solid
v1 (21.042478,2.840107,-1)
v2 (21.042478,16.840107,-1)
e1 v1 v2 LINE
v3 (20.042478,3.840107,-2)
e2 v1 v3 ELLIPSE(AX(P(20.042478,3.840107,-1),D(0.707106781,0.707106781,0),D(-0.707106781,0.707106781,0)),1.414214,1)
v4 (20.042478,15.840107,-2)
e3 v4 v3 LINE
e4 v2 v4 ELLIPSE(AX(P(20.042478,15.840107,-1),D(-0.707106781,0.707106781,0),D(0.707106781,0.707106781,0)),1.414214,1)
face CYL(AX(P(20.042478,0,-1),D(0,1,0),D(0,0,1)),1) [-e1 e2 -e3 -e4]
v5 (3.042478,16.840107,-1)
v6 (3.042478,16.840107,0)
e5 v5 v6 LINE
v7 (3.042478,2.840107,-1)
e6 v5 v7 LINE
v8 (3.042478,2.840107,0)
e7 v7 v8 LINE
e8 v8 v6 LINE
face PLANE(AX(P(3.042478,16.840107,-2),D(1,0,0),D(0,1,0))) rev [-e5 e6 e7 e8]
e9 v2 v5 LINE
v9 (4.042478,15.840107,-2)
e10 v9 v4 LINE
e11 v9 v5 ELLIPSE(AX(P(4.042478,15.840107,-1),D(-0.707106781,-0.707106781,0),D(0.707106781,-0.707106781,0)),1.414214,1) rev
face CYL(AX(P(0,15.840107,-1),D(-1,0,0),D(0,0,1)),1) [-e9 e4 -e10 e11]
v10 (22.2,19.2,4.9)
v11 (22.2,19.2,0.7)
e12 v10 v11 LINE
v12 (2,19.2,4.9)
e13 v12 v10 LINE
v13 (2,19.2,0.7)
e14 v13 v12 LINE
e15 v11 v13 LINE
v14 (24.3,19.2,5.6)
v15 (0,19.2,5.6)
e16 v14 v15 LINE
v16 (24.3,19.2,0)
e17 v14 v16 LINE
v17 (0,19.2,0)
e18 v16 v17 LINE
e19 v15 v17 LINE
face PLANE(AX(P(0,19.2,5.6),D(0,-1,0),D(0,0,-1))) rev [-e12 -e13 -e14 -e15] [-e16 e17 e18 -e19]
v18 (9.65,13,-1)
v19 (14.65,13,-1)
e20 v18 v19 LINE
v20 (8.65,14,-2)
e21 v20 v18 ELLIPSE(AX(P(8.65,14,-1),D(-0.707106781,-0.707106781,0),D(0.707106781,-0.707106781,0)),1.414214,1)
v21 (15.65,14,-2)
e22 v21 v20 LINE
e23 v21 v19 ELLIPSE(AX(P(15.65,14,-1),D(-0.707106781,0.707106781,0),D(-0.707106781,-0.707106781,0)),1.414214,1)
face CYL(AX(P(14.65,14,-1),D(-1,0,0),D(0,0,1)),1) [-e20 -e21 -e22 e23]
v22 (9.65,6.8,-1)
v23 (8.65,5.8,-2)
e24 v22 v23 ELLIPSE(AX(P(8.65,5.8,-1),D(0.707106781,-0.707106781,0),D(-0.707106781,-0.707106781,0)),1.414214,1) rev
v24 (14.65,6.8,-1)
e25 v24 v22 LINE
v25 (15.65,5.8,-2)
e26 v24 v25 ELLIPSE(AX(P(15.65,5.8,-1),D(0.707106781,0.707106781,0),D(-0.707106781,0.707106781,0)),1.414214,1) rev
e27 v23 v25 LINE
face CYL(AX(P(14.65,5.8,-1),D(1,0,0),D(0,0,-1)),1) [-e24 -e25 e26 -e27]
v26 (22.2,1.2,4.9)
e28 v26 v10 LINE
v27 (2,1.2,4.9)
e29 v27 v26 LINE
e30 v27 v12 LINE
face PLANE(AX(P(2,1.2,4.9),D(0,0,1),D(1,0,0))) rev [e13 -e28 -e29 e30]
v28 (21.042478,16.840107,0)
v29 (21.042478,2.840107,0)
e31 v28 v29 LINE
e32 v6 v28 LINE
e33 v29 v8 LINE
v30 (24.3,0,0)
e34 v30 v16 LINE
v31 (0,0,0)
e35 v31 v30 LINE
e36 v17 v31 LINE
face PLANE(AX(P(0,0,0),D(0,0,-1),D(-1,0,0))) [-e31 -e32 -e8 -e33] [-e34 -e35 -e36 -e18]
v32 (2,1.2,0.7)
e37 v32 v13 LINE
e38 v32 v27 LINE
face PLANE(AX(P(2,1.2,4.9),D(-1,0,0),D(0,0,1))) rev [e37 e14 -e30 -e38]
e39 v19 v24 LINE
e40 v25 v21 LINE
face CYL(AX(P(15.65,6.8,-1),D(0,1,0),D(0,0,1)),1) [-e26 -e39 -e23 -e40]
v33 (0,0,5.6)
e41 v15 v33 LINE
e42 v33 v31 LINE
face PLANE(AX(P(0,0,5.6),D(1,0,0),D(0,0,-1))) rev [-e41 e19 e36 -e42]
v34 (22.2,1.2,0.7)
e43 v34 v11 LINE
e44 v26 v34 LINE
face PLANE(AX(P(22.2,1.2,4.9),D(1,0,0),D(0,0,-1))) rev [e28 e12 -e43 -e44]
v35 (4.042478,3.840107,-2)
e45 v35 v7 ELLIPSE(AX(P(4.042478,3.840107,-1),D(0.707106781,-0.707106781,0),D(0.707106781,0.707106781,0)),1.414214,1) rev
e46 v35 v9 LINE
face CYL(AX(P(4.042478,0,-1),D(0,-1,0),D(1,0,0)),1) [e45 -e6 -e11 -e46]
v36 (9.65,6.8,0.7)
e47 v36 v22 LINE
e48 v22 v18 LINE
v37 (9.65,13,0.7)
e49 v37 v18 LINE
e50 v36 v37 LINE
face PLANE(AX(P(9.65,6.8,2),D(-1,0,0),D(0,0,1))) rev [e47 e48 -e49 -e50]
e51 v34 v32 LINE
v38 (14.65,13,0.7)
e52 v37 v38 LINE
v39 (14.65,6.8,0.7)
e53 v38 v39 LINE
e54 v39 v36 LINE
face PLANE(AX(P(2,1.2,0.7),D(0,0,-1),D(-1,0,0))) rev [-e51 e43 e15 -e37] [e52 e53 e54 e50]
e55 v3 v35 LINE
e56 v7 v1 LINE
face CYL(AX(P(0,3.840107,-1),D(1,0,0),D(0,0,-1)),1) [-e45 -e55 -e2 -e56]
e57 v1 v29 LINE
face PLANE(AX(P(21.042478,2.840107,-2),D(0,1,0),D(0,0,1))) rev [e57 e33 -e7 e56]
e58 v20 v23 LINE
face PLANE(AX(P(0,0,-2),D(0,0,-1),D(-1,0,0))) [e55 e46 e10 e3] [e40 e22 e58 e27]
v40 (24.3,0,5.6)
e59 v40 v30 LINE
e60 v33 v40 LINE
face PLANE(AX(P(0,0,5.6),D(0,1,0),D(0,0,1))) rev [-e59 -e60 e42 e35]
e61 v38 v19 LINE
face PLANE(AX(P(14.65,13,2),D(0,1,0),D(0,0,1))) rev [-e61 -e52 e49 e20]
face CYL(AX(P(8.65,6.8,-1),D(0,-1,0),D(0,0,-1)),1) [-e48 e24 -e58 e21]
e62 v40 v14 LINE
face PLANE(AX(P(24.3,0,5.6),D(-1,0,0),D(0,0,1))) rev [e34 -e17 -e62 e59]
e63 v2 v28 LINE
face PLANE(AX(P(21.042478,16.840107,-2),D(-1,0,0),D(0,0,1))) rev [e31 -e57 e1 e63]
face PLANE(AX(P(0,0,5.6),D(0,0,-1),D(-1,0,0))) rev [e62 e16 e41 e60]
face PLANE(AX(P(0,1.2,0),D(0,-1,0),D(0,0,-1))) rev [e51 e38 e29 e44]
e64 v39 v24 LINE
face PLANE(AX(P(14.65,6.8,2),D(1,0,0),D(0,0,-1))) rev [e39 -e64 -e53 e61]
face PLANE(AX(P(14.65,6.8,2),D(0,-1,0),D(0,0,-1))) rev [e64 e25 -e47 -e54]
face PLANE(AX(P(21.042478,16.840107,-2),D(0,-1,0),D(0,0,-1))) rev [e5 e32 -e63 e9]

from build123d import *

# Parameters (mm, degrees)
CROQUIS1_W              = 24.3
CROQUIS1_H              = 19.2
SALIENTE_EXTRUIR1_DEPTH = 5.6
CROQUIS2_W              = 20.2
CROQUIS2_H              = 4.2
CORTAR_EXTRUIR1_DEPTH   = 18
CROQUIS3_W              = 5
CROQUIS3_H              = 6.2
CORTAR_EXTRUIR2_DEPTH   = 2
CROQUIS5_W              = 18
CROQUIS5_H              = 14
CROQUIS5_W_2            = 5
CROQUIS5_H_2            = 6.2
SALIENTE_EXTRUIR3_DEPTH = 2
REDONDEO1_R             = 1


with BuildPart() as part:
    # Croquis1 → Saliente-Extruir1 (new body)
    with BuildSketch(Plane.XY):
        with Locations((12.15, 9.6)):
            Rectangle(CROQUIS1_W, CROQUIS1_H)
    extrude(amount=SALIENTE_EXTRUIR1_DEPTH)

    # Croquis2 → Cortar-Extruir1 (cut)
    with BuildSketch(Plane(origin=(0, 19.2, 0), x_dir=(1, 0, 0), z_dir=(0, 1, 0))):
        with Locations((12.1, -2.8)):
            Rectangle(CROQUIS2_W, CROQUIS2_H)
    extrude(amount=-CORTAR_EXTRUIR1_DEPTH, mode=Mode.SUBTRACT)

    # Croquis3 → Cortar-Extruir2 (cut)
    with BuildSketch(Plane(origin=(0, 0, 0), x_dir=(-1, 0, 0), z_dir=(0, 0, -1))):
        with Locations((-12.15, 9.9)):
            Rectangle(CROQUIS3_W, CROQUIS3_H)
    extrude(amount=-CORTAR_EXTRUIR2_DEPTH, mode=Mode.SUBTRACT)

    # Croquis5 → Saliente-Extruir3 (add)
    with BuildSketch(Plane(origin=(0, 0, 0), x_dir=(-1, 0, 0), z_dir=(0, 0, -1))):
        with Locations((-12.042477661, 9.840107479)):
            Rectangle(CROQUIS5_W, CROQUIS5_H)
        with Locations((-12.15, 9.9)):
            Rectangle(CROQUIS5_W_2, CROQUIS5_H_2, mode=Mode.SUBTRACT)
    extrude(amount=SALIENTE_EXTRUIR3_DEPTH)

    # Redondeo1
    redondeo1_edges = [part.edges().sort_by_distance(p)[0] for p in [
        (21.042477661, 9.840107479, -2),
        (12.042477661, 2.840107479, -2),
        (3.042477661, 9.840107479, -2),
        (12.042477661, 16.840107479, -2),
        (14.65, 9.9, -2),
        (12.15, 6.8, -2),
        (9.65, 9.9, -2),
        (12.15, 13, -2),
    ]]
    fillet(redondeo1_edges, radius=REDONDEO1_R)


solid = part.part
